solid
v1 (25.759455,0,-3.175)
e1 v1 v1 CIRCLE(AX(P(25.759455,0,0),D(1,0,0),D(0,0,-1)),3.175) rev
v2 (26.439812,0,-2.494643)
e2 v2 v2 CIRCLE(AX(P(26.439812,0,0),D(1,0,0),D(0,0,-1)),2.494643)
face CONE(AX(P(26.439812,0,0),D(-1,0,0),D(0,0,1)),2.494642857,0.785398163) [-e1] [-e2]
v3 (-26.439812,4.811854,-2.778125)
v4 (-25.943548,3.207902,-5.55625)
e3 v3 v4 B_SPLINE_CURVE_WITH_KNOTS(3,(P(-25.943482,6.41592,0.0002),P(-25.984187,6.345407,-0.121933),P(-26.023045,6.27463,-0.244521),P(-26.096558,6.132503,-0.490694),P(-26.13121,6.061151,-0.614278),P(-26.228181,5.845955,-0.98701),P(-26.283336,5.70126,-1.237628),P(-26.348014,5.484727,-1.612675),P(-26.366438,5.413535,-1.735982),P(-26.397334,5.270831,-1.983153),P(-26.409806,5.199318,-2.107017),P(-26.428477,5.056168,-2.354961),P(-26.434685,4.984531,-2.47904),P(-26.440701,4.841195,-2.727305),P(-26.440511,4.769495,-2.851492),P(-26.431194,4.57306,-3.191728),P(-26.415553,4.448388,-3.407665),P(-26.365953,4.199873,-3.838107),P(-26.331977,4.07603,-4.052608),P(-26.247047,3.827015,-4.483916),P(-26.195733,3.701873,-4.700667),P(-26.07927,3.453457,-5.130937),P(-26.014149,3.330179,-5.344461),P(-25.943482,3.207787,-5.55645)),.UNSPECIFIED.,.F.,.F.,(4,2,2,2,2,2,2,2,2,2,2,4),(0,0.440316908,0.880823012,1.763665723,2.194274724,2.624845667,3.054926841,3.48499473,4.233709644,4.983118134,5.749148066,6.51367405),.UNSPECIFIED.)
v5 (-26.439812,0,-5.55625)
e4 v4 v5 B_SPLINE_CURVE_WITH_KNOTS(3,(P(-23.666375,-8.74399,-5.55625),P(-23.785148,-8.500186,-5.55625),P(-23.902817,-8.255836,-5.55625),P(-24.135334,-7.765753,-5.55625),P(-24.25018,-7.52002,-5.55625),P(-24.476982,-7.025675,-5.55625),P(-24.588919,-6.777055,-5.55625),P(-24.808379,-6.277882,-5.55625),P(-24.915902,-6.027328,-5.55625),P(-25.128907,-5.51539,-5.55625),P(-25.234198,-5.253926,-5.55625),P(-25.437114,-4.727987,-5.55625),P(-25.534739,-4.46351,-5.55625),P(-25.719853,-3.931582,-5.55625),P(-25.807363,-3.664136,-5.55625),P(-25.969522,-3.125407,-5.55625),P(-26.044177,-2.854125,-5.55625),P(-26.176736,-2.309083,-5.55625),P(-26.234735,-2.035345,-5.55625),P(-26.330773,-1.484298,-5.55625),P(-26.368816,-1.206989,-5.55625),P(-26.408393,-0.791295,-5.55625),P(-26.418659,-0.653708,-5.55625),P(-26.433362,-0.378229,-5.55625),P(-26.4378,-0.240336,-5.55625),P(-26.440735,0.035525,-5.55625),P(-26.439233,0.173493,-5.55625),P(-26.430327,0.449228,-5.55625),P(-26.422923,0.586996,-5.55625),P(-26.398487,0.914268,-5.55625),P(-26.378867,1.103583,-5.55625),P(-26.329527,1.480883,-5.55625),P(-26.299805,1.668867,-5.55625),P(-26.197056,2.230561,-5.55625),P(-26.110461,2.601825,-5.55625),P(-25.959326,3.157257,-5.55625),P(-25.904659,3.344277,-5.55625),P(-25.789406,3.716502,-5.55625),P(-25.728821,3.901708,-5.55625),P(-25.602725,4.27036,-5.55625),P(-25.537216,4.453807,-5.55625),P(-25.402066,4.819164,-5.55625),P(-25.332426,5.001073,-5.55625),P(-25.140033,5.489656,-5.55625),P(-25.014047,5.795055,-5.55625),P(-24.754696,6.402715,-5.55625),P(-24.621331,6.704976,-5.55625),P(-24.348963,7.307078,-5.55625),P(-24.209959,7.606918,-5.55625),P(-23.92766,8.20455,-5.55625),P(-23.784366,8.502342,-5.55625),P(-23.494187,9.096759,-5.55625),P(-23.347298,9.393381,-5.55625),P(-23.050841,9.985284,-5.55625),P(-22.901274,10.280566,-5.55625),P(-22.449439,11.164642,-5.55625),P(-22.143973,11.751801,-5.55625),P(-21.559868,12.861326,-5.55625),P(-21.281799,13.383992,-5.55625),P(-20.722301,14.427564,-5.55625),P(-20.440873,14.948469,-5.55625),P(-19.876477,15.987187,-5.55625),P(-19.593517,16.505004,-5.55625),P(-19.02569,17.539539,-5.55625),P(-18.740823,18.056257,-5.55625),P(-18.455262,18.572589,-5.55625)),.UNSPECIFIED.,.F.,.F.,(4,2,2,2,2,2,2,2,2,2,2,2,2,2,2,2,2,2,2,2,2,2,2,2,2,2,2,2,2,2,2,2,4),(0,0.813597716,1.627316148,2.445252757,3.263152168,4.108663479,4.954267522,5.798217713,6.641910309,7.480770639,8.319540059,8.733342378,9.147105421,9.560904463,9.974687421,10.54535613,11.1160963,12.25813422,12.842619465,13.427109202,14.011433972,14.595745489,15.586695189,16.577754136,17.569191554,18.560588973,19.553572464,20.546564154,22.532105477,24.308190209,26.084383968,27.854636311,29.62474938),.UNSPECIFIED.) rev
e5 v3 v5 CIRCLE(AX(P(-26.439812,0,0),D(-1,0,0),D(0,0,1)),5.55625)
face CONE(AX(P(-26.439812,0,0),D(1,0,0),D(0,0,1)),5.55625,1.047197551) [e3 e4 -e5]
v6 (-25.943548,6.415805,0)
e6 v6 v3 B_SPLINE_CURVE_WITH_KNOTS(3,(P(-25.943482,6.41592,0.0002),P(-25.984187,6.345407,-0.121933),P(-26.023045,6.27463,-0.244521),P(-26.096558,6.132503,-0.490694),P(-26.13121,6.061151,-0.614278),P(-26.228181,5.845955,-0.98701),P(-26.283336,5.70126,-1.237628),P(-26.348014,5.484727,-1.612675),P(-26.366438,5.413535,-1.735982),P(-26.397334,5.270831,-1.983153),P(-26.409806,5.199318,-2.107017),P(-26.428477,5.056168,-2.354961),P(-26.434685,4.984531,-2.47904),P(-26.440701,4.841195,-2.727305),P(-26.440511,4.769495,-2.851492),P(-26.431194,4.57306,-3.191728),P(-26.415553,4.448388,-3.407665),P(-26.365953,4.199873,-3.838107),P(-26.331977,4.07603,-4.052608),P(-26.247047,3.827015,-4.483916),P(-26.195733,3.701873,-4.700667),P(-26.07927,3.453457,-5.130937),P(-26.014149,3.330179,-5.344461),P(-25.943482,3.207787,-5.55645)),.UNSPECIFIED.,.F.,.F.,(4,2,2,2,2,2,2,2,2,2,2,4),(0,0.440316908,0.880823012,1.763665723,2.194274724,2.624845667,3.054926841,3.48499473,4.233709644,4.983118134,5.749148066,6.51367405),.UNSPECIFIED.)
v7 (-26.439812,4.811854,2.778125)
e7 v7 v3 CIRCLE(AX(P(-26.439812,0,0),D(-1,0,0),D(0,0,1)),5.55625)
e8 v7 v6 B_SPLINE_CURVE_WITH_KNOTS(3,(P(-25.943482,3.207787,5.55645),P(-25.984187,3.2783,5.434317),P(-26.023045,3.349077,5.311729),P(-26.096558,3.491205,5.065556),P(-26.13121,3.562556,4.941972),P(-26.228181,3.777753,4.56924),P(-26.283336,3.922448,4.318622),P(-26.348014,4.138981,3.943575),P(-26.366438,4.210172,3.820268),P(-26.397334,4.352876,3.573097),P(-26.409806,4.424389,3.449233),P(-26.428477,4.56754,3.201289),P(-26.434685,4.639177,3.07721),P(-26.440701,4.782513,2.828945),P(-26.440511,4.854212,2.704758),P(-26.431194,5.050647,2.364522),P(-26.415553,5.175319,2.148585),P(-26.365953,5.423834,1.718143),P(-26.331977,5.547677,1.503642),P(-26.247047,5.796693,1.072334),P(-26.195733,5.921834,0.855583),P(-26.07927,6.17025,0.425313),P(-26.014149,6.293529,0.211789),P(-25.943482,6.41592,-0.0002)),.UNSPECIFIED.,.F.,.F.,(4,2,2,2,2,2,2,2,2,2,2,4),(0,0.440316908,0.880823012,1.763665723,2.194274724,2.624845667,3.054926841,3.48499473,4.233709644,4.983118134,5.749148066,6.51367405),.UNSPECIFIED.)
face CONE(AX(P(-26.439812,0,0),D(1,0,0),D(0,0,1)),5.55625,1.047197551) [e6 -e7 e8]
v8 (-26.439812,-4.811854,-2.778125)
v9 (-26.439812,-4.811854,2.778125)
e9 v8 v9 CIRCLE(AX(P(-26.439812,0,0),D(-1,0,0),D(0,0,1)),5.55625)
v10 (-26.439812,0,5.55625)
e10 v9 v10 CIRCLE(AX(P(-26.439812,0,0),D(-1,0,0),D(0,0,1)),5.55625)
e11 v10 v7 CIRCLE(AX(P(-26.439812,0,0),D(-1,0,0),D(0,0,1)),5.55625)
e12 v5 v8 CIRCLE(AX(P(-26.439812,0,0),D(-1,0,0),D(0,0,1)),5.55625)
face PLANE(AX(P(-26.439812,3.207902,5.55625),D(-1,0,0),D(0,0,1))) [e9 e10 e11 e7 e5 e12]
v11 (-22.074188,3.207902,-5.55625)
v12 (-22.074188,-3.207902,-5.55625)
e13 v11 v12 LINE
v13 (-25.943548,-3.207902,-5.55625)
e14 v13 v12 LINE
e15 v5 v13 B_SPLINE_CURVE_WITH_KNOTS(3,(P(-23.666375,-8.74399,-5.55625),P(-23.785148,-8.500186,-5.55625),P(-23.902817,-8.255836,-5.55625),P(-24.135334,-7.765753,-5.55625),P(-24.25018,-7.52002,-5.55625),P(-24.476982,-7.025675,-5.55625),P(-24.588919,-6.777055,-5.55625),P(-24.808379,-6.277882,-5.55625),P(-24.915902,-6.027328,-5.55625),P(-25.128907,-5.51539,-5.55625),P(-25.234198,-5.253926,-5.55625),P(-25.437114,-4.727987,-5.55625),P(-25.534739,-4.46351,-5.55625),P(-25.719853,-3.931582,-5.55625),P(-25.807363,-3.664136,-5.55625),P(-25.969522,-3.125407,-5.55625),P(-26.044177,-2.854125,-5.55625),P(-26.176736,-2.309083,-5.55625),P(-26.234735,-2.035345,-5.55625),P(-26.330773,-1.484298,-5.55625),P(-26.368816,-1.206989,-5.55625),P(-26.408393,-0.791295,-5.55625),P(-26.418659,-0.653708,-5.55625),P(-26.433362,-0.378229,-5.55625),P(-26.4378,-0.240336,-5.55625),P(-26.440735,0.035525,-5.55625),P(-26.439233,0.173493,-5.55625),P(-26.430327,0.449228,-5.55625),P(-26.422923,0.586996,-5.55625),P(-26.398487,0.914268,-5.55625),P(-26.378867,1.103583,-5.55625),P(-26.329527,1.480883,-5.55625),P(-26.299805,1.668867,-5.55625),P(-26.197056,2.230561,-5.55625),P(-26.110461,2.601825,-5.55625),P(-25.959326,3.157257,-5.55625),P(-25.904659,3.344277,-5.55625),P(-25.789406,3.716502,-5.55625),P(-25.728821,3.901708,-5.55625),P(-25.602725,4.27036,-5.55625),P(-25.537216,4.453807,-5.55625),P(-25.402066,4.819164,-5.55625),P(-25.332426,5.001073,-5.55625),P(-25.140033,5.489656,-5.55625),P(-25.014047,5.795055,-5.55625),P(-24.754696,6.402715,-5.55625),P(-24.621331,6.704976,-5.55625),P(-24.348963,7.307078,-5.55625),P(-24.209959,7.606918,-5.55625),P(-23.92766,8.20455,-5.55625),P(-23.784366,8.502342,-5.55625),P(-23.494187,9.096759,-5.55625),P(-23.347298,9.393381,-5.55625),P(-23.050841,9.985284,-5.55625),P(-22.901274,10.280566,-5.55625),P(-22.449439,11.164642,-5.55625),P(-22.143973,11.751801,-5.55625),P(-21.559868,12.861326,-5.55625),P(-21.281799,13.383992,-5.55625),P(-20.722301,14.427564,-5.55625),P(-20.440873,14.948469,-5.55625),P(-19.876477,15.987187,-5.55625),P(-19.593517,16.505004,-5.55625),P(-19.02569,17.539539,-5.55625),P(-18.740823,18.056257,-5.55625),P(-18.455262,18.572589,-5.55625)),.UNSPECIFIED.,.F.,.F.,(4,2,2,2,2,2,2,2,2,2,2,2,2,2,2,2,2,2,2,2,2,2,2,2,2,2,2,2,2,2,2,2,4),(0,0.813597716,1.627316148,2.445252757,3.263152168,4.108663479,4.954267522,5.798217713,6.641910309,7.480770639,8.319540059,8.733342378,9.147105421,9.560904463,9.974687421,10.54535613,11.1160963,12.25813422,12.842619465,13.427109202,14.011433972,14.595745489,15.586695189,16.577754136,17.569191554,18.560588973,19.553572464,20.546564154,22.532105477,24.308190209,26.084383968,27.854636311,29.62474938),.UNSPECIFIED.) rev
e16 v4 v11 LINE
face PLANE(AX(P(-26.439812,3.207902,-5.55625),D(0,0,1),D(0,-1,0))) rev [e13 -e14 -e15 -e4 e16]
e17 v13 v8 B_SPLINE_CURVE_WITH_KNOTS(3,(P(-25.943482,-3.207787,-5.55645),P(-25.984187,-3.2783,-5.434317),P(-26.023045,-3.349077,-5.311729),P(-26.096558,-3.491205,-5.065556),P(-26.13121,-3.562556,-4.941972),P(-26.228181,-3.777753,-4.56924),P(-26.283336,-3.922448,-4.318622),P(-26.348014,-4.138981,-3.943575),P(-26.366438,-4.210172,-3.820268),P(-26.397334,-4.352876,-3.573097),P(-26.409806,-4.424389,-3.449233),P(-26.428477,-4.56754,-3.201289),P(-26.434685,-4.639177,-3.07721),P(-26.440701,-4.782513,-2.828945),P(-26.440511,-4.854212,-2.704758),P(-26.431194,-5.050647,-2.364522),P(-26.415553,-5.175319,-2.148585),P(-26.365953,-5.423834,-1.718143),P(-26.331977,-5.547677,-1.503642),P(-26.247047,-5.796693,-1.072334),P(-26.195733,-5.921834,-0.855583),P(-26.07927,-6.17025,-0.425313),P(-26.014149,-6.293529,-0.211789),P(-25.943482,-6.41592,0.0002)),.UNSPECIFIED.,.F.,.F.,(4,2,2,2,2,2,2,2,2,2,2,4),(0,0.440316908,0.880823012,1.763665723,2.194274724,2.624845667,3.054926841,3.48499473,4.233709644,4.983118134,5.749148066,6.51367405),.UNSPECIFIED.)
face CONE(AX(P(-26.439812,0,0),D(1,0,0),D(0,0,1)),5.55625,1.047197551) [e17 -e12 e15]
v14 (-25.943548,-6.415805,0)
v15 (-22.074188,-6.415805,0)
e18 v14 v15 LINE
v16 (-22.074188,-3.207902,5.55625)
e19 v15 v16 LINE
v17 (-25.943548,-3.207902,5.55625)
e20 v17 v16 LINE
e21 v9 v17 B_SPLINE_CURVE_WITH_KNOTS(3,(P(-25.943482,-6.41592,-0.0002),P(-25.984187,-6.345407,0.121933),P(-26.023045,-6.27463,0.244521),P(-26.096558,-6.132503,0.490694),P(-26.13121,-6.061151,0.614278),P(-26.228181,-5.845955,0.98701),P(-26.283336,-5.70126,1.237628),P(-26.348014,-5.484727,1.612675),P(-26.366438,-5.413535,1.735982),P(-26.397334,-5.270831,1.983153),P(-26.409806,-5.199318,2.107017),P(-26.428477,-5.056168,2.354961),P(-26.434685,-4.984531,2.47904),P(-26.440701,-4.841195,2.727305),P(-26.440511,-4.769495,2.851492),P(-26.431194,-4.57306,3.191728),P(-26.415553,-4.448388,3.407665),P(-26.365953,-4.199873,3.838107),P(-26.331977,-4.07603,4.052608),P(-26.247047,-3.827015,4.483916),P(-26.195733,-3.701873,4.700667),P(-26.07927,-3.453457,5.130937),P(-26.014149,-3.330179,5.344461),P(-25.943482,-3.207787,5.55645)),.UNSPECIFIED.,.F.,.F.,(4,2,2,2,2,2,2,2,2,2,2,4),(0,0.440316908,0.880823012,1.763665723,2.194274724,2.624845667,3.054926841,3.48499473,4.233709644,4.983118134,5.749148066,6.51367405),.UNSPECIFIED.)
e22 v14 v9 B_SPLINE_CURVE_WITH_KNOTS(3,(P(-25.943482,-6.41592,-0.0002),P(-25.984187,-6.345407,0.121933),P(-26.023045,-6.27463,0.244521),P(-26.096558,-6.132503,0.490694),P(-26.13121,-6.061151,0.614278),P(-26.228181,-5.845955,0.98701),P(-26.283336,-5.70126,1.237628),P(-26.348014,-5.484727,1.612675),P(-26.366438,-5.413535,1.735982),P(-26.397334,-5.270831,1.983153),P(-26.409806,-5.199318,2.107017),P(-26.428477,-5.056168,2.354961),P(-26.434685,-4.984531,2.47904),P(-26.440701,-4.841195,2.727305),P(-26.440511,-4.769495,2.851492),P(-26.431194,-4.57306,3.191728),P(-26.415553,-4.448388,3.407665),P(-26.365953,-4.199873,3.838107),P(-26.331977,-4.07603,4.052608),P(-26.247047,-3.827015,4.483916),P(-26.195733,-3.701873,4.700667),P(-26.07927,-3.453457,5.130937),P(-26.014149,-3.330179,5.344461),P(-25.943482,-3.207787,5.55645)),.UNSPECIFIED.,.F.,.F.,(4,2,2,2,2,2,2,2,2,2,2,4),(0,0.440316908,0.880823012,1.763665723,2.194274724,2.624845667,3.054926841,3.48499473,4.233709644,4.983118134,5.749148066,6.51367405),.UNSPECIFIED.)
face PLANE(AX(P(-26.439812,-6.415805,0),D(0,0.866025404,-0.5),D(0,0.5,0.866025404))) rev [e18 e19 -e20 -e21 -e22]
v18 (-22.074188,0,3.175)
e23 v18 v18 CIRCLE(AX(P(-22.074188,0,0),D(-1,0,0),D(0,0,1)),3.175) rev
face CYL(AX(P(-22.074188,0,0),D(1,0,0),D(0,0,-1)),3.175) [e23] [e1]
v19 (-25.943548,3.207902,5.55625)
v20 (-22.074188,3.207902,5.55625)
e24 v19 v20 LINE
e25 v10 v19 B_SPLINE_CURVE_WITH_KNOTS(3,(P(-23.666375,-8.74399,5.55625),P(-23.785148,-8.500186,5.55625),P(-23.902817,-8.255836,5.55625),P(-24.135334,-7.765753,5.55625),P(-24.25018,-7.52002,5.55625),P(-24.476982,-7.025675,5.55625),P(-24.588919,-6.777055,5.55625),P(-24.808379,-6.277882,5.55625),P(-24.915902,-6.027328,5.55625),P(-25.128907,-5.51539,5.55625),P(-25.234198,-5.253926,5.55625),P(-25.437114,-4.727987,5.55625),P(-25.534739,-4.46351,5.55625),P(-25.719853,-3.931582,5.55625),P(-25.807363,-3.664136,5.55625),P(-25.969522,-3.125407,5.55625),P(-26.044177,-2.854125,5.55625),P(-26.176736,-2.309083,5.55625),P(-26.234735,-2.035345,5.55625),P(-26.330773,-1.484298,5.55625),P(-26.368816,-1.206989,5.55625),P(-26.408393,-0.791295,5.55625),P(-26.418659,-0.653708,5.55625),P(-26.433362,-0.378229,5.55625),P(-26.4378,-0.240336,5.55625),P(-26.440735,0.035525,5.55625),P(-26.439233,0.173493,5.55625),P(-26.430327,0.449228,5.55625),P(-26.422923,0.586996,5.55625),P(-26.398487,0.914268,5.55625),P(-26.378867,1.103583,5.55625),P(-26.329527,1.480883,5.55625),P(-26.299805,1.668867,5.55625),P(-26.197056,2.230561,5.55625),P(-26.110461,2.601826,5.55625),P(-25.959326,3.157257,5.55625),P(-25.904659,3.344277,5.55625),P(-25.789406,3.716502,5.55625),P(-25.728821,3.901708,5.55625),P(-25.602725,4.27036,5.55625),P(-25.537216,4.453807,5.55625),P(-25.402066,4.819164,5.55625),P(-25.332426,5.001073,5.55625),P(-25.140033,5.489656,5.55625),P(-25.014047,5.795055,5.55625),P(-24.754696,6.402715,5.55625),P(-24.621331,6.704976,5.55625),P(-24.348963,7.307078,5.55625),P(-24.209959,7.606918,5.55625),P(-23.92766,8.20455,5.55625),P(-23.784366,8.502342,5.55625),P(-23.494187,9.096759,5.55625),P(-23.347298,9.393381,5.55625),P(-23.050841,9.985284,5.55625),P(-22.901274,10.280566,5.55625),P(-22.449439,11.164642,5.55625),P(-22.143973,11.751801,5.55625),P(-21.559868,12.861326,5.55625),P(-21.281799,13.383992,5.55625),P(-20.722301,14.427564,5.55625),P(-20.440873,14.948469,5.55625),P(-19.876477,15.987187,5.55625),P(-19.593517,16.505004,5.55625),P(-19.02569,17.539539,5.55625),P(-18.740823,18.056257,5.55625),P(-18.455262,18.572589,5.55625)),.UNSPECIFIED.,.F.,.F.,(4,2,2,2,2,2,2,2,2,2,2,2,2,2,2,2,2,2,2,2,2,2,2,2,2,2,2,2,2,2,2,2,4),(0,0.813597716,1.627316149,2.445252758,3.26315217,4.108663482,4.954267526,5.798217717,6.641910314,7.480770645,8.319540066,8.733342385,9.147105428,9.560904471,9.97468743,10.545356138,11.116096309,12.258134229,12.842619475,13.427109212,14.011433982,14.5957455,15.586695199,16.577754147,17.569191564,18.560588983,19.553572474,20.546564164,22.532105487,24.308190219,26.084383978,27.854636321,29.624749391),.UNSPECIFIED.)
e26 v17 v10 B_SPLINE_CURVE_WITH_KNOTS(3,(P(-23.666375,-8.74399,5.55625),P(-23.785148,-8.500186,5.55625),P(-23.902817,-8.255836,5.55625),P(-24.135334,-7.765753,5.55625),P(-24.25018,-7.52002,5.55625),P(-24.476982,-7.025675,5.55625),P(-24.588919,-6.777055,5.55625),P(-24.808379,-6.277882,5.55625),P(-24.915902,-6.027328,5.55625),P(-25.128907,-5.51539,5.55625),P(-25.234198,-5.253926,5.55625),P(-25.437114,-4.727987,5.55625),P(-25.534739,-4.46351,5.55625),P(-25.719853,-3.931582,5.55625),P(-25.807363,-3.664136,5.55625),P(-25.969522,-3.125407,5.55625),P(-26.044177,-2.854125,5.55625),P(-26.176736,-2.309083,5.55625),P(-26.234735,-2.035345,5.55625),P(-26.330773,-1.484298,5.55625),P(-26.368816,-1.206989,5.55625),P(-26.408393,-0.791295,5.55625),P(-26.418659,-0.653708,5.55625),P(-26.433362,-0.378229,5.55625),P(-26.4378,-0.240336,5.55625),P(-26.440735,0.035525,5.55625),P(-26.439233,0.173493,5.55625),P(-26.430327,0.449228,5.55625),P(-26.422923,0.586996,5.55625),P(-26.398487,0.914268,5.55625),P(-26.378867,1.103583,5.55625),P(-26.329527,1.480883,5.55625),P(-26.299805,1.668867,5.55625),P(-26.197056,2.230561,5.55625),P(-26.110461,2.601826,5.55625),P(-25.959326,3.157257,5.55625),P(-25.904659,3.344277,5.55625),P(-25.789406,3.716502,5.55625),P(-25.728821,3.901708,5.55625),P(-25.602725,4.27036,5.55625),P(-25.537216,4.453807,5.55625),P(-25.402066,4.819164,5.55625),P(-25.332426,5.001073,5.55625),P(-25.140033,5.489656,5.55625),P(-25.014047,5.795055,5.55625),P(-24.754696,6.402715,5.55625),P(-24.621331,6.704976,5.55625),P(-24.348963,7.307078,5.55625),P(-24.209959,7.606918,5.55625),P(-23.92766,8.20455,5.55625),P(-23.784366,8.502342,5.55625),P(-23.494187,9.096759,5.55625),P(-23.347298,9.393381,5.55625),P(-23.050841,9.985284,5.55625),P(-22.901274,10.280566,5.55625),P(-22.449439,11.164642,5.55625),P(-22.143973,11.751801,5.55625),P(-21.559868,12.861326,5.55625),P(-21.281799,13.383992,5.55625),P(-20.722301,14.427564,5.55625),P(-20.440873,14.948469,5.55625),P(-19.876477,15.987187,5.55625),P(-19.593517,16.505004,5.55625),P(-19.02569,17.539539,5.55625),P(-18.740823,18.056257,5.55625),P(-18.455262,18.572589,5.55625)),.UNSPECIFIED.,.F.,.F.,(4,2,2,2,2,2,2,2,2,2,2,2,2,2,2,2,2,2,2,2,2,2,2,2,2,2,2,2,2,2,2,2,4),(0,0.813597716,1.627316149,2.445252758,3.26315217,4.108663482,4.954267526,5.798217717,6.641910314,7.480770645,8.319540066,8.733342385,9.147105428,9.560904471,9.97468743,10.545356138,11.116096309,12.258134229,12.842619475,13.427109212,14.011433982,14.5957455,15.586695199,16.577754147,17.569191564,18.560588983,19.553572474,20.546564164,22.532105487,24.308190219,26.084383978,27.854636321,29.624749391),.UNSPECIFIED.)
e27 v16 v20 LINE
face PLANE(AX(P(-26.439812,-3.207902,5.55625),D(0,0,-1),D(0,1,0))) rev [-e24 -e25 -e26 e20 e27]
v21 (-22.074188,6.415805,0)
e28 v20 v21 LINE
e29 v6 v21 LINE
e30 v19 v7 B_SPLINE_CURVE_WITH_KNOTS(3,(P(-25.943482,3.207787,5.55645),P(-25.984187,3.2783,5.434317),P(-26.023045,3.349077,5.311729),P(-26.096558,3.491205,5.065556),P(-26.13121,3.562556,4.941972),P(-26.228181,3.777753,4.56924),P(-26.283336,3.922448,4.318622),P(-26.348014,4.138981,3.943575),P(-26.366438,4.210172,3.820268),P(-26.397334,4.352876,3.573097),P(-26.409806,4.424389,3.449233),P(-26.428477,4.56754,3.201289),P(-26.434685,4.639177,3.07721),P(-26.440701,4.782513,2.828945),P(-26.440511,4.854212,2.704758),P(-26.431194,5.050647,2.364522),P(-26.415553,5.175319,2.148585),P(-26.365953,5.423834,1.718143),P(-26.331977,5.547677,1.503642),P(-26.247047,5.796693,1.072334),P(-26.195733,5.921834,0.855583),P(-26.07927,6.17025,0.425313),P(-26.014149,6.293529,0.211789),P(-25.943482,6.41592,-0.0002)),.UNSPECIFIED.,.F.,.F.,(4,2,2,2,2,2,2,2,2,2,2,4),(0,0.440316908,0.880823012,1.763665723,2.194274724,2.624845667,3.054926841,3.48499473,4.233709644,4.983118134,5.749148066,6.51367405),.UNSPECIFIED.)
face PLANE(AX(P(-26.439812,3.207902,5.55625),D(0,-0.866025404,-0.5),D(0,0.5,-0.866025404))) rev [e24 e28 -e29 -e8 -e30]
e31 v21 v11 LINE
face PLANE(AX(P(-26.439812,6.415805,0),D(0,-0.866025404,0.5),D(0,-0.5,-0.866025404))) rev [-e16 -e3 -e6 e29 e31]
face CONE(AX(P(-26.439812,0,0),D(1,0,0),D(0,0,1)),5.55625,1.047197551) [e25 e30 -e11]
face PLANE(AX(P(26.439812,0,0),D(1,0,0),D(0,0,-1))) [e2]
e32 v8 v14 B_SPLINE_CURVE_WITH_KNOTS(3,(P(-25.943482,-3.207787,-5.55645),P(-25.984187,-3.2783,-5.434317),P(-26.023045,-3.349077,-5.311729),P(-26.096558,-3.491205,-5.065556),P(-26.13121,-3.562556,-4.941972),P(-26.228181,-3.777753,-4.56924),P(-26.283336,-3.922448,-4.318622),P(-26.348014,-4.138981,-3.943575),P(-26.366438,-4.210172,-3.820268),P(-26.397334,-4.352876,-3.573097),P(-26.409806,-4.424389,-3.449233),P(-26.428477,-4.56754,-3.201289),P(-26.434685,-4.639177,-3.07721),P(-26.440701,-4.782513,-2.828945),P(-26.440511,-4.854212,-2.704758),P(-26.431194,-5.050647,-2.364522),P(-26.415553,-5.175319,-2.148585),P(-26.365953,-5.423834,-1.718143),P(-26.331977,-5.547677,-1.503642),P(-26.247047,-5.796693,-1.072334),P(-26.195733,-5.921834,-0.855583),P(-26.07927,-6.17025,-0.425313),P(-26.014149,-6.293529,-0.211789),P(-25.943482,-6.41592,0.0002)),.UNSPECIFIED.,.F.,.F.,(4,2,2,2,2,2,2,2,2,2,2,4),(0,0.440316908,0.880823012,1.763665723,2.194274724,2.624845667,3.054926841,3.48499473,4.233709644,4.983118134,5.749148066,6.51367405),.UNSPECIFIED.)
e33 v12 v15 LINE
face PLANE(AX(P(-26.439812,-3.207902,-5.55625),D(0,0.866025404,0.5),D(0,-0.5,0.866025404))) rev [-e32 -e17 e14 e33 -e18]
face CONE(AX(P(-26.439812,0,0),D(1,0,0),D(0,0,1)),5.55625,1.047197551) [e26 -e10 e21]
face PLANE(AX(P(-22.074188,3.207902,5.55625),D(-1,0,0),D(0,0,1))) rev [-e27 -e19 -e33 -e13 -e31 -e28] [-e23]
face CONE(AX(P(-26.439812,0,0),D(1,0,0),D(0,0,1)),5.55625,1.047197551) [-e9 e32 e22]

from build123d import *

# Parameters (mm, degrees)
SKETCH5_R           = 3.175
BOSS_EXTRUDE3_DEPTH = 48.514
CHAMFER1_SIZE       = 0.680357143
BOSS_EXTRUDE4_DEPTH = 4.365625
SKETCH8_OUTSIDE_W   = 213.208
SKETCH8_OUTSIDE_H   = 214.928
SKETCH8_OUTSIDE_R   = 5.55625
CUT_EXTRUDE3_DEPTH  = 54.55641144
CUT_EXTRUDE3_DRAFT  = -60


with BuildPart() as part:
    # Sketch5 → Boss-Extrude3 (new body)
    with BuildSketch(Plane(origin=(26.4398125, 0, 0), x_dir=(0, 0, -1), z_dir=(1, 0, 0))):
        Circle(SKETCH5_R)
    extrude(amount=-BOSS_EXTRUDE3_DEPTH)

    # Chamfer1
    chamfer1_edges = [part.edges().sort_by_distance(p)[0] for p in [
        (26.4398125, 0, 3.175),
    ]]
    chamfer(chamfer1_edges, length=CHAMFER1_SIZE)

    # Sketch6 → Boss-Extrude4 (add)
    with BuildSketch(Plane.ZY.offset(22.0741875)):
        Polygon((5.55625, 3.207902433), (0, 6.415804866), (-5.55625, 3.207902433), (-5.55625, -3.207902433), (0, -6.415804866), (5.55625, -3.207902433), align=None)
    extrude(amount=BOSS_EXTRUDE4_DEPTH)


with BuildPart() as cut_extrude3_tool:
    # Sketch8 outside → Cut-Extrude3 (with draft: the straight prism first)
    with BuildSketch(Plane.ZY.offset(26.4398125)):
        Rectangle(SKETCH8_OUTSIDE_W, SKETCH8_OUTSIDE_H)
        Circle(SKETCH8_OUTSIDE_R, mode=Mode.SUBTRACT)
    extrude(amount=-CUT_EXTRUDE3_DEPTH)
    # Cut-Extrude3: the draft: its side faces are tilted about the plane it starts from
    cut_extrude3_sides = [cut_extrude3_tool.faces().sort_by_distance(p)[0] for p in [
        (0.83839322, -107.464, 0),
        (0.83839322, 0, 106.604),
        (0.83839322, 107.464, 0),
        (0.83839322, 0, -106.604),
        (0.83839322, 0, -5.55625),
    ]]
    draft(cut_extrude3_sides, Plane.ZY.offset(26.4398125), CUT_EXTRUDE3_DRAFT)


with BuildPart() as part_1:
    add(part.part)

    # Cut-Extrude3: cut by cut_extrude3_tool
    add(cut_extrude3_tool.part, mode=Mode.SUBTRACT)


solid = part_1.part
